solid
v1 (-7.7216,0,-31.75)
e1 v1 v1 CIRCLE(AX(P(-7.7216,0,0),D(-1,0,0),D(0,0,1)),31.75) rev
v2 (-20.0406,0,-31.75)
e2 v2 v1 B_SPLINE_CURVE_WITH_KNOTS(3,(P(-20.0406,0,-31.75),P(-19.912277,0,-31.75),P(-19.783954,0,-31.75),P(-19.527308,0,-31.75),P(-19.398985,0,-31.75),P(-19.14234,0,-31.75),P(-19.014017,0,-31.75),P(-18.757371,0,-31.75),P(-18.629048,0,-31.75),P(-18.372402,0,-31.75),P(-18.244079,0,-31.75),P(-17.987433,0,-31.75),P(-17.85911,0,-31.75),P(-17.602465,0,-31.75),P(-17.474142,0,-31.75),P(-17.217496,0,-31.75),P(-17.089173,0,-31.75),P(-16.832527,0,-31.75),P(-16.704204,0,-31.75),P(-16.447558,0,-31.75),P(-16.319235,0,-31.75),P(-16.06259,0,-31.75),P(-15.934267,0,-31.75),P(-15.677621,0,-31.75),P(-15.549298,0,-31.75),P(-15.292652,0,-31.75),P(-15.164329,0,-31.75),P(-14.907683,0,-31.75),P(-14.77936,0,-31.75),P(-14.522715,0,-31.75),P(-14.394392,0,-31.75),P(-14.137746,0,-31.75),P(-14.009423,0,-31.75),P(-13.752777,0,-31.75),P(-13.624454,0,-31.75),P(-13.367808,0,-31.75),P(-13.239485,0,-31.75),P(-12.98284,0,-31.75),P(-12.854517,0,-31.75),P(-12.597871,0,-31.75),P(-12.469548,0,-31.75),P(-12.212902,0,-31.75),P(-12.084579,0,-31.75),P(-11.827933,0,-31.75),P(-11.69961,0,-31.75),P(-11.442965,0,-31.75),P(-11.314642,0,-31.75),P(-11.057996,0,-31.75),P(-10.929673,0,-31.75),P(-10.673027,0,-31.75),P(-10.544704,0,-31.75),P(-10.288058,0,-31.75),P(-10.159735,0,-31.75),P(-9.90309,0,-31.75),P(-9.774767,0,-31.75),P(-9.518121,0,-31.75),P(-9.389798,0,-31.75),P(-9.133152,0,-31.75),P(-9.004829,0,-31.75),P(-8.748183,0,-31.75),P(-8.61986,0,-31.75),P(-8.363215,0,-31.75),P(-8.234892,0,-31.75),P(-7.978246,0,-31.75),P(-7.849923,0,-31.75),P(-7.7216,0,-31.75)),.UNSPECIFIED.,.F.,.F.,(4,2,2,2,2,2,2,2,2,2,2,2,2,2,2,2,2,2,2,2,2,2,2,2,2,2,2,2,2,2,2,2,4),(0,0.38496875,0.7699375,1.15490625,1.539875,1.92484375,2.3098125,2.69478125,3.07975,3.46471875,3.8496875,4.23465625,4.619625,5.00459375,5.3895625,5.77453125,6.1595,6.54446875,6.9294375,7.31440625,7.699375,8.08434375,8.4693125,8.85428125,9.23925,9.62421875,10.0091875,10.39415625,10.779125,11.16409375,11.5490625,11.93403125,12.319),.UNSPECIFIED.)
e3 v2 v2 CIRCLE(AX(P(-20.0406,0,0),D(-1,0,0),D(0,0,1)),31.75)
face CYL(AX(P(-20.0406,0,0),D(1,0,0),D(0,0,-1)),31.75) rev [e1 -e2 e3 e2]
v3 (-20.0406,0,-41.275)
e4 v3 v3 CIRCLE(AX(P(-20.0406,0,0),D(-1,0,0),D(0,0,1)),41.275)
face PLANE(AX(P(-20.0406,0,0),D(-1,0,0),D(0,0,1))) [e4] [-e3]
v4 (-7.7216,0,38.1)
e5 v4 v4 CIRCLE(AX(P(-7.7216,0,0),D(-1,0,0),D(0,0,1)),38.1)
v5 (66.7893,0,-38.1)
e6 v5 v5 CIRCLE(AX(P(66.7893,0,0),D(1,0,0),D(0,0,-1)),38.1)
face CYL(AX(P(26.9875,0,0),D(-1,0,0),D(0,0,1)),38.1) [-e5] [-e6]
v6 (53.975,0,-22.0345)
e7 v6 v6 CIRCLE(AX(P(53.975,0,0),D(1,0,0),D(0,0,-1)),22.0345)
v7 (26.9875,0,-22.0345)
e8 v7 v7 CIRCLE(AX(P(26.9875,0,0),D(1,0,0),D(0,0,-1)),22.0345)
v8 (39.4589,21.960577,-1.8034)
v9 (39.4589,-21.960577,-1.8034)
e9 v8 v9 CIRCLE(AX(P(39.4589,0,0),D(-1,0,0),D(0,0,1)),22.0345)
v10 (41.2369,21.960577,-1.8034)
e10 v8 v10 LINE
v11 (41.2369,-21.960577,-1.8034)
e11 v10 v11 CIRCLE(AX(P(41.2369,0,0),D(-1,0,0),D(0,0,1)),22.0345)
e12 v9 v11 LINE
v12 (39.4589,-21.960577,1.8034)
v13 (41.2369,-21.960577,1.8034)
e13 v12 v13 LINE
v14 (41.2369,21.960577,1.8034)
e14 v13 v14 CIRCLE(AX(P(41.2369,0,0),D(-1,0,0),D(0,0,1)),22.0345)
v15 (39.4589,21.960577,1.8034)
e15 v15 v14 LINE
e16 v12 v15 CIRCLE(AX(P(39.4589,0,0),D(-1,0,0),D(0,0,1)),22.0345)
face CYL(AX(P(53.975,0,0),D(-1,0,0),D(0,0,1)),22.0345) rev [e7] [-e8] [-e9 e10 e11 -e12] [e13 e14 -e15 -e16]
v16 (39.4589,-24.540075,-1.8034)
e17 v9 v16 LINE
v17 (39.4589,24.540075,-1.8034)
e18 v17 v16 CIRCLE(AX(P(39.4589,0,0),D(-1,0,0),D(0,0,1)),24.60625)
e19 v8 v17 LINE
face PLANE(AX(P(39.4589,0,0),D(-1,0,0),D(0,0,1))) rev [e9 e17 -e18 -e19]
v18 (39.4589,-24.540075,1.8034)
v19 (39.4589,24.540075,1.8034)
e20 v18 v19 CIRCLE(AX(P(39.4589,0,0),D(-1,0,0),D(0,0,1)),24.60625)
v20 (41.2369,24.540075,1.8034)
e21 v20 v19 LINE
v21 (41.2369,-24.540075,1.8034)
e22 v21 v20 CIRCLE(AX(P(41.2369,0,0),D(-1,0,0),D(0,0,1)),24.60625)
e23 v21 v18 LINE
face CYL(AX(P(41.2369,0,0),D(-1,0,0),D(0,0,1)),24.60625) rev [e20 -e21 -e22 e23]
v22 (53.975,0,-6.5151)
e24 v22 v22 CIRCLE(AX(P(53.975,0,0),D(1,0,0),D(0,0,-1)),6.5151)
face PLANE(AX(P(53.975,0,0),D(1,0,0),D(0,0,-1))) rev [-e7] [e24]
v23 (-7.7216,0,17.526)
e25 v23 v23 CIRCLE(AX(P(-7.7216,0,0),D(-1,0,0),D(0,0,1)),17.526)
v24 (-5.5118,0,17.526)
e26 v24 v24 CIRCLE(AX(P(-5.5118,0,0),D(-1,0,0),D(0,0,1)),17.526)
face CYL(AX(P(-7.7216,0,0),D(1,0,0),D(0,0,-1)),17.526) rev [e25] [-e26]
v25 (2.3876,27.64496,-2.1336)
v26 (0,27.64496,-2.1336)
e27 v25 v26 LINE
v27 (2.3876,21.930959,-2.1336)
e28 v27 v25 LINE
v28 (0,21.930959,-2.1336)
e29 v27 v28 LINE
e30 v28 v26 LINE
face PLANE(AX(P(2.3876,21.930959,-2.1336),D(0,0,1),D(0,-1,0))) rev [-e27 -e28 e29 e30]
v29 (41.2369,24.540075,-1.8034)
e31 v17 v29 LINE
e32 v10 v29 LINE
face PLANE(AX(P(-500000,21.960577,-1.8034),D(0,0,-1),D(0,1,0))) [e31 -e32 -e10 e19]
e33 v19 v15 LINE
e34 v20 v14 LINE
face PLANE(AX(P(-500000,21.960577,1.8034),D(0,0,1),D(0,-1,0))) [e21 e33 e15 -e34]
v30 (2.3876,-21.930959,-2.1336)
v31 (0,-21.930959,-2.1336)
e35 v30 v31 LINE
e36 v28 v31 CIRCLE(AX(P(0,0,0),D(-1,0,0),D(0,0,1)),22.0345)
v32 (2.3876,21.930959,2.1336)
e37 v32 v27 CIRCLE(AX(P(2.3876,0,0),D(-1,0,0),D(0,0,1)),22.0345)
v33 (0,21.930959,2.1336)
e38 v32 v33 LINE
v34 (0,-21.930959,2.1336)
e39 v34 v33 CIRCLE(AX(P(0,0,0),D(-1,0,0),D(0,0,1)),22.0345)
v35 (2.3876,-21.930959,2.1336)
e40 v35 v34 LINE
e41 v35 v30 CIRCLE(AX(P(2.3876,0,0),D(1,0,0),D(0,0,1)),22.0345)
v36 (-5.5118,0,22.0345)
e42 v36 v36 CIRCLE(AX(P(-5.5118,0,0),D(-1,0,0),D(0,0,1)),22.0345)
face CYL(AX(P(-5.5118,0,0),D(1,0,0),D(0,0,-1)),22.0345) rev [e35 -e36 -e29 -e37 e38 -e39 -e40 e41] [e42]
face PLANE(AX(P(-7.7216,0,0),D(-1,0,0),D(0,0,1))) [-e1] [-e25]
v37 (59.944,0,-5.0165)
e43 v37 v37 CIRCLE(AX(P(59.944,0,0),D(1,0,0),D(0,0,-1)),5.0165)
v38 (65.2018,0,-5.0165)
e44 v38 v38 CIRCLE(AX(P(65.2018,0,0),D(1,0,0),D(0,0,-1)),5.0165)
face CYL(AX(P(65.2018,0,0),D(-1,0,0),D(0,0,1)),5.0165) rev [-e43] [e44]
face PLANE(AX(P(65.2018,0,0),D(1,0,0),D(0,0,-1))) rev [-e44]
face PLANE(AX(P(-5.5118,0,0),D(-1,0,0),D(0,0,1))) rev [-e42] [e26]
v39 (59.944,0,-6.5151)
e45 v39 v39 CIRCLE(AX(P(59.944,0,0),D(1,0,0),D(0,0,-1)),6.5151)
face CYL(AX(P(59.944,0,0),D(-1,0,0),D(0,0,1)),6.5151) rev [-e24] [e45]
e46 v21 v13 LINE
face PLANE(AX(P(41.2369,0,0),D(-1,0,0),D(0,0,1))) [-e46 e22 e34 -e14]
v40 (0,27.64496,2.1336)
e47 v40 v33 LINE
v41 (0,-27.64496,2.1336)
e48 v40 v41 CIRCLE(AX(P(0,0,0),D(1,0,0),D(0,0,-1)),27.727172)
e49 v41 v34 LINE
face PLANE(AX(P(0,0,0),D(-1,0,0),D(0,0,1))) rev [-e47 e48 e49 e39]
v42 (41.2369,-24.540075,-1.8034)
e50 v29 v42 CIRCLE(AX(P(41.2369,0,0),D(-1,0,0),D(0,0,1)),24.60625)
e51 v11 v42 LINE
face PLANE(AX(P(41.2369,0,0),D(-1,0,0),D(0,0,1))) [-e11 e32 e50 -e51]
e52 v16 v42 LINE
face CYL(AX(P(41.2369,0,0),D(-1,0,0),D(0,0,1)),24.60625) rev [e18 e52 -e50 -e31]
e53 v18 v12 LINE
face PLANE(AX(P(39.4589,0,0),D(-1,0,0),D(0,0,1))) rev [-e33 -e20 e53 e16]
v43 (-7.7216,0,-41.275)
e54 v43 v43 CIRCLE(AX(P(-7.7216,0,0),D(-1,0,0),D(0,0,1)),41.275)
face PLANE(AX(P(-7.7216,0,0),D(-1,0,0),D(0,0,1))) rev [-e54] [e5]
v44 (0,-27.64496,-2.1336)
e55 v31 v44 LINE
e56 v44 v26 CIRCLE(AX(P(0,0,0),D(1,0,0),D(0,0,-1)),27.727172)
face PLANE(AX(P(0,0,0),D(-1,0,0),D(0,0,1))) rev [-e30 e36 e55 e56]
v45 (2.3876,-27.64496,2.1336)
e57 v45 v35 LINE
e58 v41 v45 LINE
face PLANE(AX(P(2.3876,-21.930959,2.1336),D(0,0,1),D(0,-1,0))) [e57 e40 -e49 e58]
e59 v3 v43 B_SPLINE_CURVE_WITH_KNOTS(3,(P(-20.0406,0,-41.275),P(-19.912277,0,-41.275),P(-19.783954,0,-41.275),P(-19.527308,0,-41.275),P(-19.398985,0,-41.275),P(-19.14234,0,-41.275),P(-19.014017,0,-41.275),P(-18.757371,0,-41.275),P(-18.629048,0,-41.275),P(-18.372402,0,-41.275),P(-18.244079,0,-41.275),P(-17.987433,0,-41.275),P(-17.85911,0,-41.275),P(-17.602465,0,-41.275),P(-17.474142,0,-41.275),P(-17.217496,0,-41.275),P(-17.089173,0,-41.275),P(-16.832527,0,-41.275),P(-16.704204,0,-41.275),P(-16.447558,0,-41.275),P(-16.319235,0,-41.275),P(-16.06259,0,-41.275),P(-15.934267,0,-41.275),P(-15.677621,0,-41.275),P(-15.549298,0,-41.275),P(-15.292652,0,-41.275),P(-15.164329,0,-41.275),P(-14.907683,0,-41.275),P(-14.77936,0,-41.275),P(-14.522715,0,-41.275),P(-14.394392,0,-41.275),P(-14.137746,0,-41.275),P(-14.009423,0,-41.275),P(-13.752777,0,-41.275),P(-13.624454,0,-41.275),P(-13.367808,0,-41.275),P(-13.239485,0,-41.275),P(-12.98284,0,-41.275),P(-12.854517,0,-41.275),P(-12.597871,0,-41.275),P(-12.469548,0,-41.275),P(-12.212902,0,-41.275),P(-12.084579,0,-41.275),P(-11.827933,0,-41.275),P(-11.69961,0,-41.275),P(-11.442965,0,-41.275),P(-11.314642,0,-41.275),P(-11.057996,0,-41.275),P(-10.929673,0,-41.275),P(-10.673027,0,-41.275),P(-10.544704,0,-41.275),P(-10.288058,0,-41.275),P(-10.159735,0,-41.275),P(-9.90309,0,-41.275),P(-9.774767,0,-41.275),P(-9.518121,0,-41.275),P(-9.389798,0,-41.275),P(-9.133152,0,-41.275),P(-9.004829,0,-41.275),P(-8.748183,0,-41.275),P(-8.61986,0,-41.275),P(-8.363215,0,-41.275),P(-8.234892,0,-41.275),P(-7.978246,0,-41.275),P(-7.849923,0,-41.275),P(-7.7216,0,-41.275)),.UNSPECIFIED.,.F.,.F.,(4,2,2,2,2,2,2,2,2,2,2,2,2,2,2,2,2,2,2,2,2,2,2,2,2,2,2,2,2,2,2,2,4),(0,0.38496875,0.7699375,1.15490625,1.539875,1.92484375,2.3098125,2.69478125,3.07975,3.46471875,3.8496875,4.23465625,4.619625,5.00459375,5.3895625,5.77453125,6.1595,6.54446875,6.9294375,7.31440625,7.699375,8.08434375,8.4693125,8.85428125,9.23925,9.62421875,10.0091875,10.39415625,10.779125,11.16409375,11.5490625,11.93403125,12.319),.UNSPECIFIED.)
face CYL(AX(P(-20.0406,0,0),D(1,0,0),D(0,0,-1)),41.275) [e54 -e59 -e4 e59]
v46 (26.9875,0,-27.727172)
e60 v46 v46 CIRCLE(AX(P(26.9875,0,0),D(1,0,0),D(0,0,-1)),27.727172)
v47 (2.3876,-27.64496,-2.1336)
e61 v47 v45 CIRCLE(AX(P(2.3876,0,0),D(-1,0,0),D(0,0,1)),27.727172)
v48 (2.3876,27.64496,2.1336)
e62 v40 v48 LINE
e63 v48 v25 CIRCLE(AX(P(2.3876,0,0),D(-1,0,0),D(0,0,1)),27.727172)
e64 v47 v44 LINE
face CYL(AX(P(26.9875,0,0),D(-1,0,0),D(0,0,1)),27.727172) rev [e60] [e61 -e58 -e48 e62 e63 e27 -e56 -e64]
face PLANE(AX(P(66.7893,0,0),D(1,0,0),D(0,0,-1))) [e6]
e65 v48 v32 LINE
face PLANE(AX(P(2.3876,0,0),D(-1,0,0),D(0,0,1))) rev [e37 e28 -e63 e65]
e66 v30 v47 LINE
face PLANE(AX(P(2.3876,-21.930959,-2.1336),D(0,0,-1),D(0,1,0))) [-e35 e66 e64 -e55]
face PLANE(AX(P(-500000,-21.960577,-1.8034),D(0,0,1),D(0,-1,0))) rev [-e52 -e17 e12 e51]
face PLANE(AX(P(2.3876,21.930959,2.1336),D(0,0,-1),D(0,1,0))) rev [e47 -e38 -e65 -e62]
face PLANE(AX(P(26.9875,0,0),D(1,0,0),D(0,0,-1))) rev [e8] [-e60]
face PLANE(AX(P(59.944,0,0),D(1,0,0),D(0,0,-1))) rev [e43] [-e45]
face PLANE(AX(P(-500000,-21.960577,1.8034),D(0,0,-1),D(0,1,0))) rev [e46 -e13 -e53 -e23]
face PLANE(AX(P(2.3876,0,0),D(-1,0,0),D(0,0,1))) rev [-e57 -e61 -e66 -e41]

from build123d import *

# Parameters (mm, degrees)
SKETCH1_R            = 38.1
SKETCH1_R_2          = 27.727172307
BOSS_EXTRUDE1_DEPTH  = 26.9875
BOSS_EXTRUDE2_START  = 5.5118
SKETCH2_R            = 38.1
SKETCH2_R_2          = 22.0345
BOSS_EXTRUDE2_DEPTH  = 5.5118
SKETCH3_R            = 38.1
SKETCH3_R_2          = 22.0345
BOSS_EXTRUDE3_DEPTH  = 26.9875
BOSS_EXTRUDE4_DEPTH  = 2.3876
BOSS_EXTRUDE5_START  = 2.2098
SKETCH5_R            = 38.1
SKETCH5_R_2          = 17.526
BOSS_EXTRUDE5_DEPTH  = 2.2098
SKETCH7_R            = 24.60625
CUT_EXTRUDE1_DEPTH   = 1.778
SKETCH8_R            = 38.1
SKETCH8_R_2          = 6.5151
BOSS_EXTRUDE6_DEPTH  = 5.969
SKETCH9_R            = 38.1
SKETCH9_R_2          = 5.0165
BOSS_EXTRUDE7_DEPTH  = 5.2578
SKETCH10_R           = 38.1
BOSS_EXTRUDE8_DEPTH  = 1.5875
BOSS_EXTRUDE9_REACH  = 74.802
SKETCH12_R           = 41.275
SKETCH12_R_2         = 31.75
BOSS_EXTRUDE10_DEPTH = 12.319


with BuildPart() as part:
    # Sketch1 → Boss-Extrude1 (new body)
    with BuildSketch(Plane(origin=(0, 0, 0), x_dir=(0, 0, -1), z_dir=(1, 0, 0))):
        Circle(SKETCH1_R)
        Circle(SKETCH1_R_2, mode=Mode.SUBTRACT)
    extrude(amount=BOSS_EXTRUDE1_DEPTH)

    # Sketch2 → Boss-Extrude2 (add)
    with BuildSketch(Plane.ZY.offset(BOSS_EXTRUDE2_START)):
        Circle(SKETCH2_R)
        Circle(SKETCH2_R_2, mode=Mode.SUBTRACT)
    extrude(amount=-BOSS_EXTRUDE2_DEPTH)

    # Sketch3 → Boss-Extrude3 (add)
    with BuildSketch(Plane(origin=(26.9875, 0, 0), x_dir=(0, 0, -1), z_dir=(1, 0, 0))):
        with Locations(Location((0, 0, 0), (0, 0, 180))):
            Circle(SKETCH3_R)
        with Locations(Location((0, 0, 0), (0, 0, 180))):
            Circle(SKETCH3_R_2, mode=Mode.SUBTRACT)
    extrude(amount=BOSS_EXTRUDE3_DEPTH)

    # Sketch4 → Boss-Extrude4 (add)
    with BuildSketch(Plane(origin=(0, 0, 0), x_dir=(0, 0, -1), z_dir=(1, 0, 0))):
        with BuildLine():
            Line((-2.1336, 21.930958513), (-2.1336, 27.727172307))
            Line((-2.1336, 27.727172307), (2.1336, 27.727172307))
            Line((2.1336, 27.727172307), (2.1336, 21.930958513))
            ThreePointArc((2.1336, 21.930958513), (0, 22.0345), (-2.1336, 21.930958513))
        make_face()
    boss_extrude4 = extrude(amount=BOSS_EXTRUDE4_DEPTH)

    # Mirror1: Boss-Extrude4 across plane
    add(boss_extrude4.mirror(Plane.ZX))

    # Sketch5 → Boss-Extrude5 (add)
    with BuildSketch(Plane.ZY.offset(5.5118).offset(BOSS_EXTRUDE5_START)):
        Circle(SKETCH5_R)
        Circle(SKETCH5_R_2, mode=Mode.SUBTRACT)
    extrude(amount=-BOSS_EXTRUDE5_DEPTH)

    # Sketch7 → Cut-Extrude1 (cut)
    with BuildSketch(Plane.ZY.offset(-39.4589)):
        Circle(SKETCH7_R)
    extrude(amount=-CUT_EXTRUDE1_DEPTH, mode=Mode.SUBTRACT)

    # Sketch8 → Boss-Extrude6 (add)
    with BuildSketch(Plane(origin=(53.975, 0, 0), x_dir=(0, 0, -1), z_dir=(1, 0, 0))):
        with Locations(Location((0, 0, 0), (0, 0, 180))):
            Circle(SKETCH8_R)
        Circle(SKETCH8_R_2, mode=Mode.SUBTRACT)
    extrude(amount=BOSS_EXTRUDE6_DEPTH)

    # Sketch9 → Boss-Extrude7 (add)
    with BuildSketch(Plane(origin=(59.944, 0, 0), x_dir=(0, 0, -1), z_dir=(1, 0, 0))):
        with Locations(Location((0, 0, 0), (0, 0, 180))):
            Circle(SKETCH9_R)
        Circle(SKETCH9_R_2, mode=Mode.SUBTRACT)
    extrude(amount=BOSS_EXTRUDE7_DEPTH)

    # Sketch10 → Boss-Extrude8 (add)
    with BuildSketch(Plane(origin=(65.2018, 0, 0), x_dir=(0, 0, -1), z_dir=(1, 0, 0))):
        with Locations(Location((0, 0, 0), (0, 0, 180))):
            Circle(SKETCH10_R)
    extrude(amount=BOSS_EXTRUDE8_DEPTH)

    # Sketch11 → Boss-Extrude9 (add, up to next)
    with BuildSketch(Plane.ZY.offset(-41.2369), mode=Mode.PRIVATE) as boss_extrude9_sk1:
        with BuildLine():
            Line((1.8034, -21.960576921), (1.8034, -24.60625))
            Line((1.8034, -24.60625), (-1.8034, -24.60625))
            Line((-1.8034, -24.60625), (-1.8034, -21.960576921))
            ThreePointArc((-1.8034, -21.960576921), (0, -22.0345), (1.8034, -21.960576921))
        make_face()
    boss_extrude9_tool1 = extrude(boss_extrude9_sk1.sketch, amount=BOSS_EXTRUDE9_REACH, mode=Mode.PRIVATE) - part.part
    boss_extrude9 = boss_extrude9_tool1.solids().sort_by_distance((41.2369, -23.307969, 0))[0]
    add(boss_extrude9)

    # Mirror2: Boss-Extrude9 across plane
    add(boss_extrude9.mirror(Plane.ZX))

    # Sketch12 → Boss-Extrude10 (add)
    with BuildSketch(Plane.ZY.offset(7.7216)):
        with Locations(Location((0, 0, 0), (0, 0, 180))):
            Circle(SKETCH12_R)
        with Locations(Location((0, 0, 0), (0, 0, 180))):
            Circle(SKETCH12_R_2, mode=Mode.SUBTRACT)
    extrude(amount=BOSS_EXTRUDE10_DEPTH)


solid = part.part
